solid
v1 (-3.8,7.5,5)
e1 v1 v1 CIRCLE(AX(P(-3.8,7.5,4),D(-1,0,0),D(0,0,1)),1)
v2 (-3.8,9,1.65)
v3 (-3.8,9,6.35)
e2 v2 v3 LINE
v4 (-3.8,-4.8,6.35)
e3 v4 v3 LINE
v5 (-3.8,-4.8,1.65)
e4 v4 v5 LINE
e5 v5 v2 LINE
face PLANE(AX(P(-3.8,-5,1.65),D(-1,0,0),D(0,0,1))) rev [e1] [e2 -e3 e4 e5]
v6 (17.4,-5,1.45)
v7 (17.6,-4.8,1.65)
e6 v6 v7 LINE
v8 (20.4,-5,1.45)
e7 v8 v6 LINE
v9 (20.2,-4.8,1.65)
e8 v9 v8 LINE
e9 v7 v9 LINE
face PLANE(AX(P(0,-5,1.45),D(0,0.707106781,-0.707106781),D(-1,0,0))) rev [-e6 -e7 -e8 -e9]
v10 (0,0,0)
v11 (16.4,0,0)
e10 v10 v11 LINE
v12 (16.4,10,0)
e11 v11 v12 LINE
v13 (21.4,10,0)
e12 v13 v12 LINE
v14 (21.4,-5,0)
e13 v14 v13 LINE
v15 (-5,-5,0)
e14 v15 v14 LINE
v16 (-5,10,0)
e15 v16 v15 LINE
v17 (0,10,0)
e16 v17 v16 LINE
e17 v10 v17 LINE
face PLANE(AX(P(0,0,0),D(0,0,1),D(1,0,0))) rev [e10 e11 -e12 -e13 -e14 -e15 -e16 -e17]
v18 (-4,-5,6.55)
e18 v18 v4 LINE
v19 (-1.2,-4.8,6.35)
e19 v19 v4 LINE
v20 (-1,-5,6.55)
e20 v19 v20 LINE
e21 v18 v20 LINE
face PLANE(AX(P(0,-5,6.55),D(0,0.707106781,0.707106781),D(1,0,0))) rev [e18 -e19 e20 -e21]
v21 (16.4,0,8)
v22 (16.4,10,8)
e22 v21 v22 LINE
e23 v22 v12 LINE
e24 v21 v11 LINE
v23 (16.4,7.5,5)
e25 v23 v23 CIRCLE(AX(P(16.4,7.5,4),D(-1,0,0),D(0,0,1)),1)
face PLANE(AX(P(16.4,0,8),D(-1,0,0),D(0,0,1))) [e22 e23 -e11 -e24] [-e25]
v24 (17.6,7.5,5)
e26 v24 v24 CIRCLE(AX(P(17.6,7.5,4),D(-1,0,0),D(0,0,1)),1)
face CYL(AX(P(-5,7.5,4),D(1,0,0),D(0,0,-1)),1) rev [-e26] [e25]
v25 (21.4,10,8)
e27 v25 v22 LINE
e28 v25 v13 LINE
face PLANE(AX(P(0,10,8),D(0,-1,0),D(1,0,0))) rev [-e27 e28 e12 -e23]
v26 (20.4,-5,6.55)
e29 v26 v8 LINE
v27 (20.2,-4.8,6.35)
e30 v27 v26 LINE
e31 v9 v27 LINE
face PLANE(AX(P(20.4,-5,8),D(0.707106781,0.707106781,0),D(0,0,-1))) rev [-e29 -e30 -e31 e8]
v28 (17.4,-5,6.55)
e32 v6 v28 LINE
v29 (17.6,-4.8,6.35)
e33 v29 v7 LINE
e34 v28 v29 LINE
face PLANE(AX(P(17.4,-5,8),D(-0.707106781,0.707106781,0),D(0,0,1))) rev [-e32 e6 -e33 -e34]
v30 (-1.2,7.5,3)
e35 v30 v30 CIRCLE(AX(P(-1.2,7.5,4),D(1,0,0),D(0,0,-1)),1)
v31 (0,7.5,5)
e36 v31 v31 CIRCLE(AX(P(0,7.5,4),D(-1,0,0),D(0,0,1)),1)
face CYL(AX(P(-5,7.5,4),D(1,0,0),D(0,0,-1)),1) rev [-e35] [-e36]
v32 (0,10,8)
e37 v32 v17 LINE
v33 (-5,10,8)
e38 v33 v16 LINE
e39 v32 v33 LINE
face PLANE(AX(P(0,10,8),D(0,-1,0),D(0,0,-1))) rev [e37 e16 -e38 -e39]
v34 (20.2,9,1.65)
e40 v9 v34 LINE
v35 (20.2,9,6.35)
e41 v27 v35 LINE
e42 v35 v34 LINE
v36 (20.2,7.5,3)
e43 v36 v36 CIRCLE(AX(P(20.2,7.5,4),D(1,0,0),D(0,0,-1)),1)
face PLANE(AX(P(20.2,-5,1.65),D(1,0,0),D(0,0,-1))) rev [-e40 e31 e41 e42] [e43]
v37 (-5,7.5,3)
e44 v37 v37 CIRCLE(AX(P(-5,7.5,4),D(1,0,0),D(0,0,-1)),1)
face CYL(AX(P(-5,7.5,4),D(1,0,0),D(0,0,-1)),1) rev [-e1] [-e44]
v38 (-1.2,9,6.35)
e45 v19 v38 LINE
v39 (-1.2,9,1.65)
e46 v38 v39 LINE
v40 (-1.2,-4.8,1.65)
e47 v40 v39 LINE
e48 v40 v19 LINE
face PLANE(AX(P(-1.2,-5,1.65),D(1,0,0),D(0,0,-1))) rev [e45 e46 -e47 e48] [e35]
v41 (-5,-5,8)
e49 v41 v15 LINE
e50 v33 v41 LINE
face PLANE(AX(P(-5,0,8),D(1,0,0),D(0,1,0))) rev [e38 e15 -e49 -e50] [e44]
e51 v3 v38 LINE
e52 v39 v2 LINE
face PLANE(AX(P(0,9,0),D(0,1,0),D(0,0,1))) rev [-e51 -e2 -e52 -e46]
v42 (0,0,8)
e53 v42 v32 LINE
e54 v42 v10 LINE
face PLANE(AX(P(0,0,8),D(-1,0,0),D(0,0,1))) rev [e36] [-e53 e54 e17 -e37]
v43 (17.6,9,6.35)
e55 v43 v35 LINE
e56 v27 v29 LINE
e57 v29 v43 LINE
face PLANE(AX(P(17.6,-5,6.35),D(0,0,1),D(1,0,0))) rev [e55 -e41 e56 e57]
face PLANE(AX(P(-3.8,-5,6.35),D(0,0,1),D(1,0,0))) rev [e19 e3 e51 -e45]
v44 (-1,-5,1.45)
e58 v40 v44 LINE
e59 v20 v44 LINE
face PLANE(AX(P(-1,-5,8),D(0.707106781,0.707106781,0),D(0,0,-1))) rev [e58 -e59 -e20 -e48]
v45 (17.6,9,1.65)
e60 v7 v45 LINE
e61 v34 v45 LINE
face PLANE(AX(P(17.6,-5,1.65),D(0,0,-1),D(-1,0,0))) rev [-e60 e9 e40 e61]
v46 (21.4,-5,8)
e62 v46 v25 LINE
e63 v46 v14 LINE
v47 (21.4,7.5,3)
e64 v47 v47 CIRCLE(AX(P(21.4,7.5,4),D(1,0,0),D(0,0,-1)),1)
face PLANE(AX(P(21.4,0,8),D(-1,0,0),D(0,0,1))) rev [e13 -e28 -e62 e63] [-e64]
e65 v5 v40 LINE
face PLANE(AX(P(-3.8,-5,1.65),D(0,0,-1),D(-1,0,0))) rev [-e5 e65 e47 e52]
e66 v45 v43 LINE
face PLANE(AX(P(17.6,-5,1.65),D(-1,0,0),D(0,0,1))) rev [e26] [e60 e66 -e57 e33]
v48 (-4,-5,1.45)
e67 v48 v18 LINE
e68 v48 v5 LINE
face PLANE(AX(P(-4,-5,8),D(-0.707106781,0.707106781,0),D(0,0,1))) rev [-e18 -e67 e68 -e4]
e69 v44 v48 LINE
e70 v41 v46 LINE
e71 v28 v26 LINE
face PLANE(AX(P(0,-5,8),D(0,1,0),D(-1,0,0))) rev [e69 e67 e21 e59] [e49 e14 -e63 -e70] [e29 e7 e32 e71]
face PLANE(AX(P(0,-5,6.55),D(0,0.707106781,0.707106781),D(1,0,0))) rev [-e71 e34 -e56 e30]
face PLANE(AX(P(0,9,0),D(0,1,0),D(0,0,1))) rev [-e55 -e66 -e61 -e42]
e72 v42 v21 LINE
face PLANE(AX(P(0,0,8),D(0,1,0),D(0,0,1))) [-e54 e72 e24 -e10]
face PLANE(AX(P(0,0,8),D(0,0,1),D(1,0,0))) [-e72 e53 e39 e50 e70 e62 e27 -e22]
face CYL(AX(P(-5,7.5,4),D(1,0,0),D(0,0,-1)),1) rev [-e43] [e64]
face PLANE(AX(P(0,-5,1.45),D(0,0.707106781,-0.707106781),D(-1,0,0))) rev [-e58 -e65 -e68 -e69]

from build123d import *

# Parameters (mm, degrees)
EXTRUDE_1_DEPTH     = 8
CUT_EXTRUDE_START   = -1
SKETCH_3_W          = 2.6
SKETCH_3_H          = 4.7
CUT_EXTRUDE_1_DEPTH = 15
SKETCH_4_R          = 1
CUT_EXTRUDE_2_DEPTH = 27.4
CHAMFER_1_SIZE      = 0.2


with BuildPart() as part:
    # Эскиз2 → Бобышка-Вытянуть1 (new body)
    with BuildSketch(Plane.XY):
        Polygon((21.4, -5), (21.4, 10), (16.4, 10), (16.4, 0), (0, 0), (0, 10), (-5, 10), (-5, -5), align=None)
    extrude(amount=EXTRUDE_1_DEPTH)

    # Эскиз3 → Вырез-Вытянуть1 (cut, through all)
    with BuildSketch(Plane(origin=(0, 10, 0), x_dir=(1, 0, 0), z_dir=(0, 1, 0)).offset(CUT_EXTRUDE_START)):
        with Locations((-2.5, -4)):
            Rectangle(SKETCH_3_W, SKETCH_3_H)
        with Locations((18.9, -4)):
            Rectangle(SKETCH_3_W, SKETCH_3_H)
    extrude(amount=-CUT_EXTRUDE_1_DEPTH, mode=Mode.SUBTRACT)

    # Эскиз4 → Вырез-Вытянуть2 (cut, through all)
    with BuildSketch(Plane(origin=(21.4, 0, 0), x_dir=(0, 0, -1), z_dir=(1, 0, 0))):
        with Locations((-4, 7.5)):
            Circle(SKETCH_4_R)
    extrude(amount=-CUT_EXTRUDE_2_DEPTH, mode=Mode.SUBTRACT)

    # Фаска1
    chamfer_1_edges = [part.edges().sort_by_distance(p)[0] for p in [
        (-1.2, -5, 4),
        (-2.5, -5, 6.35),
        (-3.8, -5, 4),
        (-2.5, -5, 1.65),
        (20.2, -5, 4),
        (18.9, -5, 6.35),
        (17.6, -5, 4),
        (18.9, -5, 1.65),
    ]]
    chamfer(chamfer_1_edges, length=CHAMFER_1_SIZE)


solid = part.part
